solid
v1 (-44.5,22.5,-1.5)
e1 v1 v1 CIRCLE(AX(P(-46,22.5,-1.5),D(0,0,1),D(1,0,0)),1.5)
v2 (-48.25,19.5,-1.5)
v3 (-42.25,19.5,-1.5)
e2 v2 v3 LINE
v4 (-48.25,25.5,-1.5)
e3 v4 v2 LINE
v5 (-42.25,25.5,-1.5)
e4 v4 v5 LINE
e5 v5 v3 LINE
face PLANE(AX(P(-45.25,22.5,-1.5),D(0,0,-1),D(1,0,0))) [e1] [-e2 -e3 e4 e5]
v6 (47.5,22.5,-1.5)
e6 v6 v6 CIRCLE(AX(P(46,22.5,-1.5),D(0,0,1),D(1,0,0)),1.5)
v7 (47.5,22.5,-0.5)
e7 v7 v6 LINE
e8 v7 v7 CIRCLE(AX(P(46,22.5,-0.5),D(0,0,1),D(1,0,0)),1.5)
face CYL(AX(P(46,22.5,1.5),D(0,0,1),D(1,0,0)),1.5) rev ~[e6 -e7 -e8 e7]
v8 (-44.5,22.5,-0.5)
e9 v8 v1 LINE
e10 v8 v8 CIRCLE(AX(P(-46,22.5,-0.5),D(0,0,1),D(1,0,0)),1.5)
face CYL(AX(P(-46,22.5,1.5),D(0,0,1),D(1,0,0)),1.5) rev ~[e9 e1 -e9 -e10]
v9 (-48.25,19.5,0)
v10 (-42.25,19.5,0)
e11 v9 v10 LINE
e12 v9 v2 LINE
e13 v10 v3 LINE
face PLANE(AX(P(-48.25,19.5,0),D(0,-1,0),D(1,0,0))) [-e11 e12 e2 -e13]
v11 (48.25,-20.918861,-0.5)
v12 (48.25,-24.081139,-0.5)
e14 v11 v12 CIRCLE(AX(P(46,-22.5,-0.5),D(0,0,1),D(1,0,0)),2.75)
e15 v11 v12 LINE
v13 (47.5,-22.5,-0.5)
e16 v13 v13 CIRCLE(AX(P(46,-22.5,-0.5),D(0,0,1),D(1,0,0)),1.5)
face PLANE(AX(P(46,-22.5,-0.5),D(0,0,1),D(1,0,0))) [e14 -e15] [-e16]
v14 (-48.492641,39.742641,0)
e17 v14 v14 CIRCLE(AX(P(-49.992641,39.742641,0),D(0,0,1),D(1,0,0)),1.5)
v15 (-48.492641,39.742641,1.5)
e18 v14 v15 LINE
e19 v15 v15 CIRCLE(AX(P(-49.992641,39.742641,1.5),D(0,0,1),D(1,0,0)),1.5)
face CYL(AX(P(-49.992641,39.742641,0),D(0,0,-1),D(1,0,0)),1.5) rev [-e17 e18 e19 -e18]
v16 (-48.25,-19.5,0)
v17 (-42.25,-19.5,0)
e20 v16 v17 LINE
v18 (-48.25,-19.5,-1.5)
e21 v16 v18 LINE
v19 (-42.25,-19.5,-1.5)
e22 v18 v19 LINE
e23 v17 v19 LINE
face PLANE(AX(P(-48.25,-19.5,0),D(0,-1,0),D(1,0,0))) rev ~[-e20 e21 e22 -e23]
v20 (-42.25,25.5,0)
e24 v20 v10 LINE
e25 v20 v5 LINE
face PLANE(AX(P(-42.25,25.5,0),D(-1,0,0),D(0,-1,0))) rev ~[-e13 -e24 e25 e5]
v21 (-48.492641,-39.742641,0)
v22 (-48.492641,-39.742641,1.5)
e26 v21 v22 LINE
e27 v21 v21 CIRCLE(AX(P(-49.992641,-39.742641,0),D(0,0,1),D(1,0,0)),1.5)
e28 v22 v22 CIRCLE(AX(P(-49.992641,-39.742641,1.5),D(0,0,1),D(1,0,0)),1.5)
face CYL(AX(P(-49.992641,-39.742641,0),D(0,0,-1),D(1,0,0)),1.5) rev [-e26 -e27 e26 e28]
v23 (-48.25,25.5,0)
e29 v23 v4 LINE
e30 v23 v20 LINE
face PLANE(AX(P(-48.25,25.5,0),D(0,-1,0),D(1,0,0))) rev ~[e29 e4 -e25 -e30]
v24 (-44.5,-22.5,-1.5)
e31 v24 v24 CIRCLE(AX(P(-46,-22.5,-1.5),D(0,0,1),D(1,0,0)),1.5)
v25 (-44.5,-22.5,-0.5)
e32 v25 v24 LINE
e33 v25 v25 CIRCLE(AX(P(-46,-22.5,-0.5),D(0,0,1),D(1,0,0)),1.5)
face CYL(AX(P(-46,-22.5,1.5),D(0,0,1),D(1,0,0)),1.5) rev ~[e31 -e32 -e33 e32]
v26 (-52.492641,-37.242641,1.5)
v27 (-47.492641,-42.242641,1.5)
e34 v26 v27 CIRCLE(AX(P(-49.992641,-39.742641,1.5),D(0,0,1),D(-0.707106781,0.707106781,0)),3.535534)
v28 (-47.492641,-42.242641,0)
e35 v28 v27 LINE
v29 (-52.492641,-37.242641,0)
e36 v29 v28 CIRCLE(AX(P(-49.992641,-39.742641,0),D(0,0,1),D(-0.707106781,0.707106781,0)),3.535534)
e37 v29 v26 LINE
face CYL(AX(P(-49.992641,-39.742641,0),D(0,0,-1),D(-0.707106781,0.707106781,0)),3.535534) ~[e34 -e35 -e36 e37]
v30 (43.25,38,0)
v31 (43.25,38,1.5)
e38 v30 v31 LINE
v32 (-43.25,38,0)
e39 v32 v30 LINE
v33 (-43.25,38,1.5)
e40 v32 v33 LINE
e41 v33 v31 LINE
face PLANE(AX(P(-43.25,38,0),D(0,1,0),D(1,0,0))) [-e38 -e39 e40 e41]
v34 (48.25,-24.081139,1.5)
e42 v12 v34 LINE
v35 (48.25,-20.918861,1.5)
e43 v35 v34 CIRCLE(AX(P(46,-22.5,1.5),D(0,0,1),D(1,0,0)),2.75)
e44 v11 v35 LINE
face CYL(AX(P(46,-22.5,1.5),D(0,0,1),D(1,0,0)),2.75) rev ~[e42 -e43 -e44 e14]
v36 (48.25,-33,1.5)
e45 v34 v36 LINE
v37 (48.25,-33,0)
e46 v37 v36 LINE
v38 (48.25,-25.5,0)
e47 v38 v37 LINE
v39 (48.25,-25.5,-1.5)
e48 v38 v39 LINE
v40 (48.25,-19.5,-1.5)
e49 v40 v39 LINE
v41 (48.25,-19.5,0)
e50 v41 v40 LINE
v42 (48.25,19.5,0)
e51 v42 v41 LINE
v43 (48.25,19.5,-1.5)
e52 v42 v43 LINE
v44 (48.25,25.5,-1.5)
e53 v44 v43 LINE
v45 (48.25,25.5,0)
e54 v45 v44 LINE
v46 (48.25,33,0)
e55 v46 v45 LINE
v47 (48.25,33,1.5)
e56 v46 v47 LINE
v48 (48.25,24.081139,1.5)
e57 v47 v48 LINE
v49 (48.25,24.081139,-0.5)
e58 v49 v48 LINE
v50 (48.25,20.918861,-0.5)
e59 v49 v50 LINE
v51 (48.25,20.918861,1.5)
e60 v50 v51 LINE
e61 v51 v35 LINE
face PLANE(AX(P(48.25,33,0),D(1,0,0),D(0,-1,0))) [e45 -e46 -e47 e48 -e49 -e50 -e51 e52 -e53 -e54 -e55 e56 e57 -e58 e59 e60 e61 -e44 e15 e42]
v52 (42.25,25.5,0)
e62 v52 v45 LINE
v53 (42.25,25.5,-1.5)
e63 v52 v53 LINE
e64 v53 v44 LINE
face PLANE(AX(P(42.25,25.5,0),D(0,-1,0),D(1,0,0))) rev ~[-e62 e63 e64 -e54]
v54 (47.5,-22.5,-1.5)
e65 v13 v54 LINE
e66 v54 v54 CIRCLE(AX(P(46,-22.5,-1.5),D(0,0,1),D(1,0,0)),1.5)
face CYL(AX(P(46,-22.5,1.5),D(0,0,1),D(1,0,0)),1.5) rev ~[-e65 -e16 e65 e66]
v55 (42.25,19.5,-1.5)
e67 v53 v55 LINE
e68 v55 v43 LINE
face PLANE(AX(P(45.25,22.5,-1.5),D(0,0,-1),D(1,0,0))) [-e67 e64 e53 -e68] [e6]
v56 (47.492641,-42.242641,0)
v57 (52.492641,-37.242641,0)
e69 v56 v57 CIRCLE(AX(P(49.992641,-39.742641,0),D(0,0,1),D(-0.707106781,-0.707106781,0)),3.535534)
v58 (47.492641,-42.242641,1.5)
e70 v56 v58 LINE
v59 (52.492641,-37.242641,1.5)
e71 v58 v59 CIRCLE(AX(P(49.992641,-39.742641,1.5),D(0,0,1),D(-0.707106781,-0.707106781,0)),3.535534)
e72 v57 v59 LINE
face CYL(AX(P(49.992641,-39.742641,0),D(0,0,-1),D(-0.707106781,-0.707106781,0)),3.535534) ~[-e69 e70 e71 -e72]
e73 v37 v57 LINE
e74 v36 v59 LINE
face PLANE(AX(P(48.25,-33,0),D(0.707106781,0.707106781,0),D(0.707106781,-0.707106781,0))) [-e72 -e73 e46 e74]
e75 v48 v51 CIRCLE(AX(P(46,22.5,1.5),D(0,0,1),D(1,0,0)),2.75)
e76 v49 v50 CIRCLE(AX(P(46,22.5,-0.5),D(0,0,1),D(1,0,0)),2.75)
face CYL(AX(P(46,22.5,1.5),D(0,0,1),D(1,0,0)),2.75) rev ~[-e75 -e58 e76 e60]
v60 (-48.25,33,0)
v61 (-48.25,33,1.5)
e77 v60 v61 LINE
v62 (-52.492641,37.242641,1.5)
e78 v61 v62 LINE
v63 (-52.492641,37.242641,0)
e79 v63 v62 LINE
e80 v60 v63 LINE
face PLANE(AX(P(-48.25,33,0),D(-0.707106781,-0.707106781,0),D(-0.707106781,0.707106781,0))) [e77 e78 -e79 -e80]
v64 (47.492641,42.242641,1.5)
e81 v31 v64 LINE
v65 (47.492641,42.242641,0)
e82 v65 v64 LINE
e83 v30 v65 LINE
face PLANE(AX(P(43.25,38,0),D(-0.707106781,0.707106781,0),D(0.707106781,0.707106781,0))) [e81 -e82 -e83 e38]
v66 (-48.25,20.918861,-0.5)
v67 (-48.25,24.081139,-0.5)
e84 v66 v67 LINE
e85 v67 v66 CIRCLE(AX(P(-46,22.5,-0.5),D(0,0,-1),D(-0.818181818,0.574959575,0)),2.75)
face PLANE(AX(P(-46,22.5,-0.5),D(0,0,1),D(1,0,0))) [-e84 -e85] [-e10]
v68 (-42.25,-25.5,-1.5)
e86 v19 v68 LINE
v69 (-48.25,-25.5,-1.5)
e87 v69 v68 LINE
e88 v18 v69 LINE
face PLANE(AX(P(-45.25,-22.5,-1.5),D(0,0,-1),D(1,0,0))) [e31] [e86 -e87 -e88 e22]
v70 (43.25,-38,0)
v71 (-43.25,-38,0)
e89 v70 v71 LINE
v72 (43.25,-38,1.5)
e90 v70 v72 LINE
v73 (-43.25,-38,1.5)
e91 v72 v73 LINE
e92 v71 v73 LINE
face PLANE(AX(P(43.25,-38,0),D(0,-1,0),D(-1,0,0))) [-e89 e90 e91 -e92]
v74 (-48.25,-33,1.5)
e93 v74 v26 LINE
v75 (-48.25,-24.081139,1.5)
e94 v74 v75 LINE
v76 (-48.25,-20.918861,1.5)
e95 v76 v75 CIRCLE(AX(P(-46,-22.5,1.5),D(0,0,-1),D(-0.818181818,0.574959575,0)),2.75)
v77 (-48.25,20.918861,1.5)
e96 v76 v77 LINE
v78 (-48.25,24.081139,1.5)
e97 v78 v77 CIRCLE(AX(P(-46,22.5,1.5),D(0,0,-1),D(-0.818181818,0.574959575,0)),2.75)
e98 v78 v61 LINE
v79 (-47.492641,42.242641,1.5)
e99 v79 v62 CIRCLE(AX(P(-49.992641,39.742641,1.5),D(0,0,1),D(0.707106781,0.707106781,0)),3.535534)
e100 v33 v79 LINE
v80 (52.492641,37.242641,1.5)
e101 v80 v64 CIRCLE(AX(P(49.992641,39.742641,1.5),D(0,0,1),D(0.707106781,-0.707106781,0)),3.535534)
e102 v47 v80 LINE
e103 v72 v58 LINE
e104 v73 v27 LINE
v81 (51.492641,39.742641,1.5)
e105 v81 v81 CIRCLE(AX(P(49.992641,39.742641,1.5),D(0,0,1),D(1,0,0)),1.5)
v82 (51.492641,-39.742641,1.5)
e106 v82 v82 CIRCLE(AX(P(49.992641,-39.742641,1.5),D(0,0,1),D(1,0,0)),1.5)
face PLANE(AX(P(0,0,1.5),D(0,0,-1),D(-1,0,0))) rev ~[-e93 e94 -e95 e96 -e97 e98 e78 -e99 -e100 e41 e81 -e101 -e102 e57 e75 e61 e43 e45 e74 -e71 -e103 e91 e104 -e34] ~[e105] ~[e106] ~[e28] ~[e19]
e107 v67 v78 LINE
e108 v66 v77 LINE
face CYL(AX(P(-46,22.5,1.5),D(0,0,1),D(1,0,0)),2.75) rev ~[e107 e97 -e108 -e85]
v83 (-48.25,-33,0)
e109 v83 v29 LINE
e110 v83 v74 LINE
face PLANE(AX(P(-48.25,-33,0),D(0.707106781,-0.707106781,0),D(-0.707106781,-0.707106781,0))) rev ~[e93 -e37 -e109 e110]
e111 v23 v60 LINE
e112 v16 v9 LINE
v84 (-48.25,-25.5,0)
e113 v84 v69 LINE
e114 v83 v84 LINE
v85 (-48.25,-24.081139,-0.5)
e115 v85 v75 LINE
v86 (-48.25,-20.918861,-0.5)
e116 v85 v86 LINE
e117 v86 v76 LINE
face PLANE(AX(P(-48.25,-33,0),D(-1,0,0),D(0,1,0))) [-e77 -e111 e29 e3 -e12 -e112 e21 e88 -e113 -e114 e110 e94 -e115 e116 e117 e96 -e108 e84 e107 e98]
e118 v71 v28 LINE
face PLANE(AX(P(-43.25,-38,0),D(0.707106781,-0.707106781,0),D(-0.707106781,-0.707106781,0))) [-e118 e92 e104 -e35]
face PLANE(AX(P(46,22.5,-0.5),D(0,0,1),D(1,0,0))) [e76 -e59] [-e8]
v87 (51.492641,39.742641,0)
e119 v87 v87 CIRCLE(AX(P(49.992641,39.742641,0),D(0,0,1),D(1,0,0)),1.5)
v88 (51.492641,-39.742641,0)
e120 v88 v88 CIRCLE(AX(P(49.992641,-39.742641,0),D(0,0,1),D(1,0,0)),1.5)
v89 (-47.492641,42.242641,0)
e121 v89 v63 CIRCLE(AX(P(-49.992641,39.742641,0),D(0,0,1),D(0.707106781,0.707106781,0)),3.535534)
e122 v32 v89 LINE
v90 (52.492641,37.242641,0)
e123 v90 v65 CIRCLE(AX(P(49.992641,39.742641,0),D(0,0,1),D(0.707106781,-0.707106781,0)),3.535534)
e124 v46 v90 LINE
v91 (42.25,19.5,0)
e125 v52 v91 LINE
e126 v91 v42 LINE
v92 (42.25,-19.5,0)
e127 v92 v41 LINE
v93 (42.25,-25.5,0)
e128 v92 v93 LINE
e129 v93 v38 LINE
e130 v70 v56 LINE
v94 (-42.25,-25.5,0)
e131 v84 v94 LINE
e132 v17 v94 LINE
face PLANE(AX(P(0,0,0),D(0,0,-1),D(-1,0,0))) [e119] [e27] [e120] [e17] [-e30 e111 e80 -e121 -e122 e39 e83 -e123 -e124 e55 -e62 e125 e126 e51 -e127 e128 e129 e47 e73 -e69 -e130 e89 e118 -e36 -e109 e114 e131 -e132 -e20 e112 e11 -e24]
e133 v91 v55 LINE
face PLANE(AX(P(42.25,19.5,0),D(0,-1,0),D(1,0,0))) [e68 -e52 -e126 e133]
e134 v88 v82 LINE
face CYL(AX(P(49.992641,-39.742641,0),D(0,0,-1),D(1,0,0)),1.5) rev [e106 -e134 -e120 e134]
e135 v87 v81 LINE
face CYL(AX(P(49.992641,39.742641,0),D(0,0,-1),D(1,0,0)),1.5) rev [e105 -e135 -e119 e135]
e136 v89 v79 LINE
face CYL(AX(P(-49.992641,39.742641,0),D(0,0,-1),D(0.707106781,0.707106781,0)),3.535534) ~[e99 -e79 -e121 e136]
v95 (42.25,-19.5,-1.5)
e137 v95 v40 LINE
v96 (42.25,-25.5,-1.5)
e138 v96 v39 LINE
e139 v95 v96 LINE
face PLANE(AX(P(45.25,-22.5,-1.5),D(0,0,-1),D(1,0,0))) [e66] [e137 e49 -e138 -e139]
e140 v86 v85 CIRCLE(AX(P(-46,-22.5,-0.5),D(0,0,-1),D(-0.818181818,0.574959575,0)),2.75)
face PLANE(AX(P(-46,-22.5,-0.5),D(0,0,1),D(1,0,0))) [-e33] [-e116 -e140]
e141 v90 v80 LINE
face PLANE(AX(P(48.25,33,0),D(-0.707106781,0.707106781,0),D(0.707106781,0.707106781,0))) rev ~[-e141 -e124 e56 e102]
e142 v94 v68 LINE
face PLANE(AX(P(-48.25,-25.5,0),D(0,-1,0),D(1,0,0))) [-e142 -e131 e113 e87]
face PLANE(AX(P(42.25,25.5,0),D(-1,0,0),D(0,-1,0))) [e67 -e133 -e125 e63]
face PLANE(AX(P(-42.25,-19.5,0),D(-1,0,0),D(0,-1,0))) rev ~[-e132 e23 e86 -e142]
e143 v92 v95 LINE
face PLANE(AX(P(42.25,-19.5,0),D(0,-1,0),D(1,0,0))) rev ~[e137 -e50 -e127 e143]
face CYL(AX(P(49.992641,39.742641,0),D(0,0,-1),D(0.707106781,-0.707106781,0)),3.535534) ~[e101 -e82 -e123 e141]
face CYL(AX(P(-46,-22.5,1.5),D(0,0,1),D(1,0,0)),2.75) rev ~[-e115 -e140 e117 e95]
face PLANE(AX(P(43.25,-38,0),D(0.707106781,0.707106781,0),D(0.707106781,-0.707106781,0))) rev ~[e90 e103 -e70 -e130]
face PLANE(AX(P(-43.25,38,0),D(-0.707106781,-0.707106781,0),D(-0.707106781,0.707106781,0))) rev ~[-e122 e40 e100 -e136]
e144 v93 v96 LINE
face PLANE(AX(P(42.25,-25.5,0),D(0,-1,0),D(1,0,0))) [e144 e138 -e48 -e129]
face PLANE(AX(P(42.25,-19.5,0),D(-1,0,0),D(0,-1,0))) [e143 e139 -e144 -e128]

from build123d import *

# Parameters (mm, degrees)
SKETCH_R        = 1.5
PAD_DEPTH       = 1.5
SKETCH001_W     = 6
SKETCH001_H     = 6
PAD001_DEPTH    = 1.5
SKETCH002_R     = 1.5
POCKET_DEPTH    = 3.001
SKETCH003_R     = 2.75
POCKET001_DEPTH = 2


with BuildPart() as part:
    # Sketch → Pad (new body)
    with BuildSketch(Plane.XY):
        with BuildLine():
            Line((-48.25, -33), (-48.25, 33))
            Line((-48.25, 33), (-52.492641, 37.242641))
            ThreePointArc((-47.492641, 42.242641), (-52.492641, 42.242641), (-52.492641, 37.242641))
            Line((-43.25, 38), (-47.492641, 42.242641))
            Line((-43.25, 38), (43.25, 38))
            Line((43.25, 38), (47.492641, 42.242641))
            ThreePointArc((52.492641, 37.242641), (52.492641, 42.242641), (47.492641, 42.242641))
            Line((48.25, 33), (52.492641, 37.242641))
            Line((48.25, 33), (48.25, -33))
            Line((48.25, -33), (52.492641, -37.242641))
            ThreePointArc((47.492641, -42.242641), (52.492641, -42.242641), (52.492641, -37.242641))
            Line((43.25, -38), (47.492641, -42.242641))
            Line((43.25, -38), (-43.25, -38))
            Line((-43.25, -38), (-47.492641, -42.242641))
            ThreePointArc((-52.492641, -37.242641), (-52.492641, -42.242641), (-47.492641, -42.242641))
            Line((-48.25, -33), (-52.492641, -37.242641))
        make_face()
        with Locations((49.992641, -39.742641)):
            Circle(SKETCH_R, mode=Mode.SUBTRACT)
        with Locations((-49.992641, -39.742641)):
            Circle(SKETCH_R, mode=Mode.SUBTRACT)
        with Locations((-49.992641, 39.742641)):
            Circle(SKETCH_R, mode=Mode.SUBTRACT)
        with Locations((49.992641, 39.742641)):
            Circle(SKETCH_R, mode=Mode.SUBTRACT)
    extrude(amount=PAD_DEPTH)

    # Sketch001 (on Face21 of Pad) → Pad001 (join)
    with BuildSketch(Plane(origin=(0, 0, 0), x_dir=(1, 0, 0), z_dir=(0, 0, -1))):
        with Locations((-45.25, 22.5)):
            Rectangle(SKETCH001_W, SKETCH001_H)
        with Locations((-45.25, -22.5)):
            Rectangle(SKETCH001_W, SKETCH001_H)
        with Locations((45.25, 22.5)):
            Rectangle(SKETCH001_W, SKETCH001_H)
        with Locations((45.25, -22.5)):
            Rectangle(SKETCH001_W, SKETCH001_H)
    extrude(amount=PAD001_DEPTH)

    # Sketch002 (on Face5 of Pad001) → Pocket (cut, through all)
    with BuildSketch(Plane.XY.offset(1.5)):
        with Locations((-46, 22.5)):
            Circle(SKETCH002_R)
        with Locations((-46, -22.5)):
            Circle(SKETCH002_R)
        with Locations((46, 22.5)):
            Circle(SKETCH002_R)
        with Locations((46, -22.5)):
            Circle(SKETCH002_R)
    extrude(amount=-POCKET_DEPTH, mode=Mode.SUBTRACT)

    # Sketch003 (on Face5 of Pocket) → Pocket001 (cut)
    with BuildSketch(Plane.XY.offset(1.5)):
        with Locations((46, 22.5)):
            Circle(SKETCH003_R)
        with Locations((-46, 22.5)):
            Circle(SKETCH003_R)
        with Locations((-46, -22.5)):
            Circle(SKETCH003_R)
        with Locations((46, -22.5)):
            Circle(SKETCH003_R)
    extrude(amount=-POCKET001_DEPTH, mode=Mode.SUBTRACT)


solid = part.part
